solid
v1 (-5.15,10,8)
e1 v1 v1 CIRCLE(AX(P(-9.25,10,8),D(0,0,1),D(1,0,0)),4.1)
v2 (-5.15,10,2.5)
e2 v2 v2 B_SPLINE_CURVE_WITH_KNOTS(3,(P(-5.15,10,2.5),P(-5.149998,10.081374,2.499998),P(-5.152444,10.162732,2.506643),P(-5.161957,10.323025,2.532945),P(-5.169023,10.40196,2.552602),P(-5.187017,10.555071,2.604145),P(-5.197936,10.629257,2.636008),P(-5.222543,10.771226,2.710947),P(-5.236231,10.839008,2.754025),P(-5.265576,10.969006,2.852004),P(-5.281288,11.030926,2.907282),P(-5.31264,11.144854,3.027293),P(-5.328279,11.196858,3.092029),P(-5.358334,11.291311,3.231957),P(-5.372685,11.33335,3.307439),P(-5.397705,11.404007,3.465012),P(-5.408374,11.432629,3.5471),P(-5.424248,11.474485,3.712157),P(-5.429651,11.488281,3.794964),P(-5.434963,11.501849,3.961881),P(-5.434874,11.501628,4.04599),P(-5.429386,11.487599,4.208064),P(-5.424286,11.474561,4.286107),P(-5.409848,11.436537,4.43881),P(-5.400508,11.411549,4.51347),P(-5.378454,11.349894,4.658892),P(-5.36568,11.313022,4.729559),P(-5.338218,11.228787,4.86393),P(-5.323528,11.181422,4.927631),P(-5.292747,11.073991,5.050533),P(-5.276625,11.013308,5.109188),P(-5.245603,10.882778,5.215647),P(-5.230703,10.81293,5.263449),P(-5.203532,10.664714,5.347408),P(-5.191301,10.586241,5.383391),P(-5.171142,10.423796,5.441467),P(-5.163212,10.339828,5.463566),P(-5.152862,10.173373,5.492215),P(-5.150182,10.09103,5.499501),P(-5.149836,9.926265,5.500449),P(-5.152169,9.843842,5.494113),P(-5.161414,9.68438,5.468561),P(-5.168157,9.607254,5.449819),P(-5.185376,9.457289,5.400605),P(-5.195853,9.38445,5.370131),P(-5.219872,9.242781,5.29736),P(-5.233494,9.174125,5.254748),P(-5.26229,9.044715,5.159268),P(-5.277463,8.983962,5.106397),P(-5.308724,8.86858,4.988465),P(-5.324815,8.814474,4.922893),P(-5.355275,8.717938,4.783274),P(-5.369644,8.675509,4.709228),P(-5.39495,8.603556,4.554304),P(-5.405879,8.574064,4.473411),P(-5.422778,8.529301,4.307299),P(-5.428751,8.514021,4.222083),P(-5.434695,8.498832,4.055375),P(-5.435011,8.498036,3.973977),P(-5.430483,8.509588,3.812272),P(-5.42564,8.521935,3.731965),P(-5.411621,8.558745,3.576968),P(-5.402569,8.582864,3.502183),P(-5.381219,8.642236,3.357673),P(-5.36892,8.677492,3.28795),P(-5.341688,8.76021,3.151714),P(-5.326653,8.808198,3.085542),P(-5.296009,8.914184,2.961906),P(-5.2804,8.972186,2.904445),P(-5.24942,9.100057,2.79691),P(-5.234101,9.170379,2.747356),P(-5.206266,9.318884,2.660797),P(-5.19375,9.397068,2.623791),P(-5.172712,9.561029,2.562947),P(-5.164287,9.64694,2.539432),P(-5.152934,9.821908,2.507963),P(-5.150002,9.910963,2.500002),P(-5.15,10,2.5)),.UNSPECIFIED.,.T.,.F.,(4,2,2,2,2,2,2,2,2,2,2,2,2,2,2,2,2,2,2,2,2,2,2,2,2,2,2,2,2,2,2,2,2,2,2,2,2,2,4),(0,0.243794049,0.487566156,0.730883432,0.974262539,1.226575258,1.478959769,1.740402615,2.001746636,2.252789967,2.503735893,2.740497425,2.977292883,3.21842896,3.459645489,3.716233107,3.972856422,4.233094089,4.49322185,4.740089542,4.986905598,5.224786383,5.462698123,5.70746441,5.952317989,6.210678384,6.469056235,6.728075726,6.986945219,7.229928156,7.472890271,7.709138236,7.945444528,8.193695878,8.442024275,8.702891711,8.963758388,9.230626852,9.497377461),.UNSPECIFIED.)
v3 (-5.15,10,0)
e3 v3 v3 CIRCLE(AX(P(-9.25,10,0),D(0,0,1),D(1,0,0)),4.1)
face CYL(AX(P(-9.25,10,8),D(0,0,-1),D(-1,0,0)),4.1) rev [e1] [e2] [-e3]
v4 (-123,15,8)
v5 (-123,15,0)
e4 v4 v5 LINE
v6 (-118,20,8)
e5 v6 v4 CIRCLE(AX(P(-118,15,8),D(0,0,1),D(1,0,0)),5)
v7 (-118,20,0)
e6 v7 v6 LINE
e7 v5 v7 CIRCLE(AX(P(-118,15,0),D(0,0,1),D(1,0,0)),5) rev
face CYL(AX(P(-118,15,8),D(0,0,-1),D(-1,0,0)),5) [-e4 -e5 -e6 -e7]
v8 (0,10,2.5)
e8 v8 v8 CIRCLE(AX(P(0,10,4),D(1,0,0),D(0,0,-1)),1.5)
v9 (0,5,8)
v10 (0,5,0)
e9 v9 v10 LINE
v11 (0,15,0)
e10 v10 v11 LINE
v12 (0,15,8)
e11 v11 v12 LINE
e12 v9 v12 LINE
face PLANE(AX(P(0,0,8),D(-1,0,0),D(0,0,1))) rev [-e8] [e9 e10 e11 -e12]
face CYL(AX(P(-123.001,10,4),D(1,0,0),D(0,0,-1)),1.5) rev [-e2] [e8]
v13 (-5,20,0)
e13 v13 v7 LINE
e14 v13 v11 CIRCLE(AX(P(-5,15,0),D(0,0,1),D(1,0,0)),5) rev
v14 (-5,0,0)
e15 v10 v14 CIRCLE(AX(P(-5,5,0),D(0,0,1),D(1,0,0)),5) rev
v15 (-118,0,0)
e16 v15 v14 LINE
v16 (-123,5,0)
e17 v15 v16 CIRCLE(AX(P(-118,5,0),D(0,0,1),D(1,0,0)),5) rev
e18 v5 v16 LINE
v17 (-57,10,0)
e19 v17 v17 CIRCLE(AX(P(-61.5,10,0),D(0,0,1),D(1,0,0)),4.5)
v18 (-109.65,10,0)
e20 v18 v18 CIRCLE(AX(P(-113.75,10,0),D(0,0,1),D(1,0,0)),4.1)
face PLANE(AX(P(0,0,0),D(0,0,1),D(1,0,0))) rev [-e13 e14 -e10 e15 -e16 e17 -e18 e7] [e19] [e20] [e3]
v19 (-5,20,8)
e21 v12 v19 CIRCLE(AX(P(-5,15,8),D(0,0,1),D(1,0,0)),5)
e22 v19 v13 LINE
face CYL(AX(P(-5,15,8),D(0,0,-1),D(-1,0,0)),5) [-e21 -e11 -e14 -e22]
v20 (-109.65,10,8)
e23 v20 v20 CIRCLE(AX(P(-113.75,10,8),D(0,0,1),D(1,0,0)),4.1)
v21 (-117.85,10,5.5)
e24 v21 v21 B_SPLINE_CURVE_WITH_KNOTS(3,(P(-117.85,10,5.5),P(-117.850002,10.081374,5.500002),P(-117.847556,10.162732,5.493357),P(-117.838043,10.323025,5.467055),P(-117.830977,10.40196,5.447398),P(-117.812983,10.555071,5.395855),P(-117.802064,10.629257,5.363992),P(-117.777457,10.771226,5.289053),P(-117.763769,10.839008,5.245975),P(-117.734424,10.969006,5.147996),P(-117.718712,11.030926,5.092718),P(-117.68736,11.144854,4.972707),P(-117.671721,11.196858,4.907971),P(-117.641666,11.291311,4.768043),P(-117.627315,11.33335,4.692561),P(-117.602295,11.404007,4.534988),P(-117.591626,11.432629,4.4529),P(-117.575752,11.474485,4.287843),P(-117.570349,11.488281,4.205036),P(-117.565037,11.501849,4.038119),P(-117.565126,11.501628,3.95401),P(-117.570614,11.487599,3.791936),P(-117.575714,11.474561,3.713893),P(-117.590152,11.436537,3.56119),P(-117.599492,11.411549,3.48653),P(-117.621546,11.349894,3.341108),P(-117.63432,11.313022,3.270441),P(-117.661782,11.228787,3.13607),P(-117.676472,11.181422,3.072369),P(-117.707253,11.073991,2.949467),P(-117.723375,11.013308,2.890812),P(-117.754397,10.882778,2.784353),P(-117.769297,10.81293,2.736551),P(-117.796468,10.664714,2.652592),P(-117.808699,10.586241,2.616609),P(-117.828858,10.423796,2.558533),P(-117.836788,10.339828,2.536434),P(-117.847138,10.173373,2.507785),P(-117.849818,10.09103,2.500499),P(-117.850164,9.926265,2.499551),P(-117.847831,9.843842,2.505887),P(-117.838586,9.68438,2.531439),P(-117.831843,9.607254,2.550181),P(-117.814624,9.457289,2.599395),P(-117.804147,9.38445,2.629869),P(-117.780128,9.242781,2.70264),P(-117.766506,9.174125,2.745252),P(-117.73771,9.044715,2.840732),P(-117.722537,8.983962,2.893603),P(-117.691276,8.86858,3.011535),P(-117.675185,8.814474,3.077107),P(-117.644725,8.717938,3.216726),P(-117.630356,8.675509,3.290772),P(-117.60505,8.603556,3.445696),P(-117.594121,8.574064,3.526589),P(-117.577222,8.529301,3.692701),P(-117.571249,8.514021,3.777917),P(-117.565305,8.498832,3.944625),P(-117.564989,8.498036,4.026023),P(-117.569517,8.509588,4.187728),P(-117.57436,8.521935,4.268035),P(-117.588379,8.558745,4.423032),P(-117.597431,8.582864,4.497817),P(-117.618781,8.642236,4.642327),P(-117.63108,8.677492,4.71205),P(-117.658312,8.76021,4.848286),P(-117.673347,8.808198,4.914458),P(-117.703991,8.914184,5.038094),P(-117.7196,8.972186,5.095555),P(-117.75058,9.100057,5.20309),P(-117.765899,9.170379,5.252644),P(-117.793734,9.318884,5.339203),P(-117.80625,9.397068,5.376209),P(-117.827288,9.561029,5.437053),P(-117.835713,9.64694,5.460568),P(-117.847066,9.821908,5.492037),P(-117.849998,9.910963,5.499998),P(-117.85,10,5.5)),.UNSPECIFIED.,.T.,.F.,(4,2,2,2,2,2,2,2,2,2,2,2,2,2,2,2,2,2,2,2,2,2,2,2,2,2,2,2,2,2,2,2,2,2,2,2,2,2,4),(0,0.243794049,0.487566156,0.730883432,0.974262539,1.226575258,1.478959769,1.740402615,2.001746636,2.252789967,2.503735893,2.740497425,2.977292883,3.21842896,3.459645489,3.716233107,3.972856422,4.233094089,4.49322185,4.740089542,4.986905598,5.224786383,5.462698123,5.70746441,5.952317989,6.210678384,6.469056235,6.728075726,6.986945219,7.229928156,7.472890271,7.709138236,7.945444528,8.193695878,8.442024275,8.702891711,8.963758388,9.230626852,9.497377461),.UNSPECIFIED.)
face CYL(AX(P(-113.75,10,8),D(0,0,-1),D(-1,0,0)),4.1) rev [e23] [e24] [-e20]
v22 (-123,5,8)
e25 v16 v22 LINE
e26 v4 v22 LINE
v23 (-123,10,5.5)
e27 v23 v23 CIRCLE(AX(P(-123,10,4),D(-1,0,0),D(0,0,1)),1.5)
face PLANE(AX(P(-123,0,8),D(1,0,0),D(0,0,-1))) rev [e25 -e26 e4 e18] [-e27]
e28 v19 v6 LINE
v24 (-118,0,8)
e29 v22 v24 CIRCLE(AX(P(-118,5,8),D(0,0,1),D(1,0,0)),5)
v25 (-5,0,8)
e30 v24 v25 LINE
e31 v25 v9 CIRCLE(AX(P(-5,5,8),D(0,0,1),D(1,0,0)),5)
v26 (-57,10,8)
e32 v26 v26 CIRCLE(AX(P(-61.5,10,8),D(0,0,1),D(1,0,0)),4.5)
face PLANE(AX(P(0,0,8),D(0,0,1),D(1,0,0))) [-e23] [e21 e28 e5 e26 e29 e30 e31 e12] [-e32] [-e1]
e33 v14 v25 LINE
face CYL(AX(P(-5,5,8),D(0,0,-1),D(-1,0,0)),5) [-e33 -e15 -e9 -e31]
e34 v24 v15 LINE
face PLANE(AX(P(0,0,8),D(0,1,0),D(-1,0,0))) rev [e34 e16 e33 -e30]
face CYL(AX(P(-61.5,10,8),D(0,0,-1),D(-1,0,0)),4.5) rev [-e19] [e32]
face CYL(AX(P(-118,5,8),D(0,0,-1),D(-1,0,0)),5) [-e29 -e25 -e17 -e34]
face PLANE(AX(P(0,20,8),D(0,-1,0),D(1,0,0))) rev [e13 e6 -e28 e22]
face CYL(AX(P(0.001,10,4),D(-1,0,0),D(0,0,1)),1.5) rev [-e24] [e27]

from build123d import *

# Parameters (mm, degrees)
SKETCH1_W               = 123
SKETCH1_H               = 20
SKETCH1_R               = 4.1
SKETCH1_R_2             = 4.5
BOSS_EXTRUDE1_DEPTH     = 8
FILLET1_R               = 5
FILLET2_R               = 5
CUT_EXTRUDE1_REACH      = 126.872
CUT_EXTRUDE1_END_RADIUS = 4.1
SKETCH2_R               = 1.5
CUT_EXTRUDE2_REACH      = 126.872
CUT_EXTRUDE2_END_RADIUS = 4.1
SKETCH3_R               = 1.5


with BuildPart() as part:
    # Sketch1 → Boss-Extrude1 (new body)
    with BuildSketch(Plane.XY):
        with Locations((-61.5, 10)):
            Rectangle(SKETCH1_W, SKETCH1_H)
        with Locations((-113.75, 10)):
            Circle(SKETCH1_R, mode=Mode.SUBTRACT)
        with Locations((-61.5, 10)):
            Circle(SKETCH1_R_2, mode=Mode.SUBTRACT)
        with Locations((-9.25, 10)):
            Circle(SKETCH1_R, mode=Mode.SUBTRACT)
    extrude(amount=BOSS_EXTRUDE1_DEPTH)

    # Fillet1
    fillet1_edges = [part.edges().sort_by_distance(p)[0] for p in [
        (-123, 20, 4),
    ]]
    fillet(fillet1_edges, radius=FILLET1_R)

    # Fillet2
    fillet2_edges = [part.edges().sort_by_distance(p)[0] for p in [
        (0, 0, 4),
        (-123, 0, 4),
        (0, 20, 4),
    ]]
    fillet(fillet2_edges, radius=FILLET2_R)

    # Cut-Extrude1: up to this cylinder (the profile starts outside it)
    cut_extrude1_end = Plane(origin=(-113.75, 10, 4), z_dir=(0, 0, -1)) * Cylinder(CUT_EXTRUDE1_END_RADIUS, 262.944, mode=Mode.PRIVATE)
    # Sketch2 → Cut-Extrude1 (cut, up to the surface)
    with BuildSketch(Plane.ZY.offset(123), mode=Mode.PRIVATE) as cut_extrude1_sk1:
        with Locations((4, 10)):
            Circle(SKETCH2_R)
    cut_extrude1_tool1 = extrude(cut_extrude1_sk1.sketch, amount=-CUT_EXTRUDE1_REACH, mode=Mode.PRIVATE) - cut_extrude1_end
    add(cut_extrude1_tool1.solids().sort_by_distance((-123, 10, 4))[0], mode=Mode.SUBTRACT)

    # Cut-Extrude2: up to this cylinder (the profile starts outside it)
    cut_extrude2_end = Plane(origin=(-9.25, 10, 4), z_dir=(0, 0, -1)) * Cylinder(CUT_EXTRUDE2_END_RADIUS, 262.944, mode=Mode.PRIVATE)
    # Sketch3 → Cut-Extrude2 (cut, up to the surface)
    with BuildSketch(Plane(origin=(0, 0, 0), x_dir=(0, 0, -1), z_dir=(1, 0, 0)), mode=Mode.PRIVATE) as cut_extrude2_sk1:
        with Locations(Location((-4, 10, 0), (0, 0, 180))):
            Circle(SKETCH3_R)
    cut_extrude2_tool1 = extrude(cut_extrude2_sk1.sketch, amount=-CUT_EXTRUDE2_REACH, mode=Mode.PRIVATE) - cut_extrude2_end
    add(cut_extrude2_tool1.solids().sort_by_distance((0, 10, 4))[0], mode=Mode.SUBTRACT)


solid = part.part
